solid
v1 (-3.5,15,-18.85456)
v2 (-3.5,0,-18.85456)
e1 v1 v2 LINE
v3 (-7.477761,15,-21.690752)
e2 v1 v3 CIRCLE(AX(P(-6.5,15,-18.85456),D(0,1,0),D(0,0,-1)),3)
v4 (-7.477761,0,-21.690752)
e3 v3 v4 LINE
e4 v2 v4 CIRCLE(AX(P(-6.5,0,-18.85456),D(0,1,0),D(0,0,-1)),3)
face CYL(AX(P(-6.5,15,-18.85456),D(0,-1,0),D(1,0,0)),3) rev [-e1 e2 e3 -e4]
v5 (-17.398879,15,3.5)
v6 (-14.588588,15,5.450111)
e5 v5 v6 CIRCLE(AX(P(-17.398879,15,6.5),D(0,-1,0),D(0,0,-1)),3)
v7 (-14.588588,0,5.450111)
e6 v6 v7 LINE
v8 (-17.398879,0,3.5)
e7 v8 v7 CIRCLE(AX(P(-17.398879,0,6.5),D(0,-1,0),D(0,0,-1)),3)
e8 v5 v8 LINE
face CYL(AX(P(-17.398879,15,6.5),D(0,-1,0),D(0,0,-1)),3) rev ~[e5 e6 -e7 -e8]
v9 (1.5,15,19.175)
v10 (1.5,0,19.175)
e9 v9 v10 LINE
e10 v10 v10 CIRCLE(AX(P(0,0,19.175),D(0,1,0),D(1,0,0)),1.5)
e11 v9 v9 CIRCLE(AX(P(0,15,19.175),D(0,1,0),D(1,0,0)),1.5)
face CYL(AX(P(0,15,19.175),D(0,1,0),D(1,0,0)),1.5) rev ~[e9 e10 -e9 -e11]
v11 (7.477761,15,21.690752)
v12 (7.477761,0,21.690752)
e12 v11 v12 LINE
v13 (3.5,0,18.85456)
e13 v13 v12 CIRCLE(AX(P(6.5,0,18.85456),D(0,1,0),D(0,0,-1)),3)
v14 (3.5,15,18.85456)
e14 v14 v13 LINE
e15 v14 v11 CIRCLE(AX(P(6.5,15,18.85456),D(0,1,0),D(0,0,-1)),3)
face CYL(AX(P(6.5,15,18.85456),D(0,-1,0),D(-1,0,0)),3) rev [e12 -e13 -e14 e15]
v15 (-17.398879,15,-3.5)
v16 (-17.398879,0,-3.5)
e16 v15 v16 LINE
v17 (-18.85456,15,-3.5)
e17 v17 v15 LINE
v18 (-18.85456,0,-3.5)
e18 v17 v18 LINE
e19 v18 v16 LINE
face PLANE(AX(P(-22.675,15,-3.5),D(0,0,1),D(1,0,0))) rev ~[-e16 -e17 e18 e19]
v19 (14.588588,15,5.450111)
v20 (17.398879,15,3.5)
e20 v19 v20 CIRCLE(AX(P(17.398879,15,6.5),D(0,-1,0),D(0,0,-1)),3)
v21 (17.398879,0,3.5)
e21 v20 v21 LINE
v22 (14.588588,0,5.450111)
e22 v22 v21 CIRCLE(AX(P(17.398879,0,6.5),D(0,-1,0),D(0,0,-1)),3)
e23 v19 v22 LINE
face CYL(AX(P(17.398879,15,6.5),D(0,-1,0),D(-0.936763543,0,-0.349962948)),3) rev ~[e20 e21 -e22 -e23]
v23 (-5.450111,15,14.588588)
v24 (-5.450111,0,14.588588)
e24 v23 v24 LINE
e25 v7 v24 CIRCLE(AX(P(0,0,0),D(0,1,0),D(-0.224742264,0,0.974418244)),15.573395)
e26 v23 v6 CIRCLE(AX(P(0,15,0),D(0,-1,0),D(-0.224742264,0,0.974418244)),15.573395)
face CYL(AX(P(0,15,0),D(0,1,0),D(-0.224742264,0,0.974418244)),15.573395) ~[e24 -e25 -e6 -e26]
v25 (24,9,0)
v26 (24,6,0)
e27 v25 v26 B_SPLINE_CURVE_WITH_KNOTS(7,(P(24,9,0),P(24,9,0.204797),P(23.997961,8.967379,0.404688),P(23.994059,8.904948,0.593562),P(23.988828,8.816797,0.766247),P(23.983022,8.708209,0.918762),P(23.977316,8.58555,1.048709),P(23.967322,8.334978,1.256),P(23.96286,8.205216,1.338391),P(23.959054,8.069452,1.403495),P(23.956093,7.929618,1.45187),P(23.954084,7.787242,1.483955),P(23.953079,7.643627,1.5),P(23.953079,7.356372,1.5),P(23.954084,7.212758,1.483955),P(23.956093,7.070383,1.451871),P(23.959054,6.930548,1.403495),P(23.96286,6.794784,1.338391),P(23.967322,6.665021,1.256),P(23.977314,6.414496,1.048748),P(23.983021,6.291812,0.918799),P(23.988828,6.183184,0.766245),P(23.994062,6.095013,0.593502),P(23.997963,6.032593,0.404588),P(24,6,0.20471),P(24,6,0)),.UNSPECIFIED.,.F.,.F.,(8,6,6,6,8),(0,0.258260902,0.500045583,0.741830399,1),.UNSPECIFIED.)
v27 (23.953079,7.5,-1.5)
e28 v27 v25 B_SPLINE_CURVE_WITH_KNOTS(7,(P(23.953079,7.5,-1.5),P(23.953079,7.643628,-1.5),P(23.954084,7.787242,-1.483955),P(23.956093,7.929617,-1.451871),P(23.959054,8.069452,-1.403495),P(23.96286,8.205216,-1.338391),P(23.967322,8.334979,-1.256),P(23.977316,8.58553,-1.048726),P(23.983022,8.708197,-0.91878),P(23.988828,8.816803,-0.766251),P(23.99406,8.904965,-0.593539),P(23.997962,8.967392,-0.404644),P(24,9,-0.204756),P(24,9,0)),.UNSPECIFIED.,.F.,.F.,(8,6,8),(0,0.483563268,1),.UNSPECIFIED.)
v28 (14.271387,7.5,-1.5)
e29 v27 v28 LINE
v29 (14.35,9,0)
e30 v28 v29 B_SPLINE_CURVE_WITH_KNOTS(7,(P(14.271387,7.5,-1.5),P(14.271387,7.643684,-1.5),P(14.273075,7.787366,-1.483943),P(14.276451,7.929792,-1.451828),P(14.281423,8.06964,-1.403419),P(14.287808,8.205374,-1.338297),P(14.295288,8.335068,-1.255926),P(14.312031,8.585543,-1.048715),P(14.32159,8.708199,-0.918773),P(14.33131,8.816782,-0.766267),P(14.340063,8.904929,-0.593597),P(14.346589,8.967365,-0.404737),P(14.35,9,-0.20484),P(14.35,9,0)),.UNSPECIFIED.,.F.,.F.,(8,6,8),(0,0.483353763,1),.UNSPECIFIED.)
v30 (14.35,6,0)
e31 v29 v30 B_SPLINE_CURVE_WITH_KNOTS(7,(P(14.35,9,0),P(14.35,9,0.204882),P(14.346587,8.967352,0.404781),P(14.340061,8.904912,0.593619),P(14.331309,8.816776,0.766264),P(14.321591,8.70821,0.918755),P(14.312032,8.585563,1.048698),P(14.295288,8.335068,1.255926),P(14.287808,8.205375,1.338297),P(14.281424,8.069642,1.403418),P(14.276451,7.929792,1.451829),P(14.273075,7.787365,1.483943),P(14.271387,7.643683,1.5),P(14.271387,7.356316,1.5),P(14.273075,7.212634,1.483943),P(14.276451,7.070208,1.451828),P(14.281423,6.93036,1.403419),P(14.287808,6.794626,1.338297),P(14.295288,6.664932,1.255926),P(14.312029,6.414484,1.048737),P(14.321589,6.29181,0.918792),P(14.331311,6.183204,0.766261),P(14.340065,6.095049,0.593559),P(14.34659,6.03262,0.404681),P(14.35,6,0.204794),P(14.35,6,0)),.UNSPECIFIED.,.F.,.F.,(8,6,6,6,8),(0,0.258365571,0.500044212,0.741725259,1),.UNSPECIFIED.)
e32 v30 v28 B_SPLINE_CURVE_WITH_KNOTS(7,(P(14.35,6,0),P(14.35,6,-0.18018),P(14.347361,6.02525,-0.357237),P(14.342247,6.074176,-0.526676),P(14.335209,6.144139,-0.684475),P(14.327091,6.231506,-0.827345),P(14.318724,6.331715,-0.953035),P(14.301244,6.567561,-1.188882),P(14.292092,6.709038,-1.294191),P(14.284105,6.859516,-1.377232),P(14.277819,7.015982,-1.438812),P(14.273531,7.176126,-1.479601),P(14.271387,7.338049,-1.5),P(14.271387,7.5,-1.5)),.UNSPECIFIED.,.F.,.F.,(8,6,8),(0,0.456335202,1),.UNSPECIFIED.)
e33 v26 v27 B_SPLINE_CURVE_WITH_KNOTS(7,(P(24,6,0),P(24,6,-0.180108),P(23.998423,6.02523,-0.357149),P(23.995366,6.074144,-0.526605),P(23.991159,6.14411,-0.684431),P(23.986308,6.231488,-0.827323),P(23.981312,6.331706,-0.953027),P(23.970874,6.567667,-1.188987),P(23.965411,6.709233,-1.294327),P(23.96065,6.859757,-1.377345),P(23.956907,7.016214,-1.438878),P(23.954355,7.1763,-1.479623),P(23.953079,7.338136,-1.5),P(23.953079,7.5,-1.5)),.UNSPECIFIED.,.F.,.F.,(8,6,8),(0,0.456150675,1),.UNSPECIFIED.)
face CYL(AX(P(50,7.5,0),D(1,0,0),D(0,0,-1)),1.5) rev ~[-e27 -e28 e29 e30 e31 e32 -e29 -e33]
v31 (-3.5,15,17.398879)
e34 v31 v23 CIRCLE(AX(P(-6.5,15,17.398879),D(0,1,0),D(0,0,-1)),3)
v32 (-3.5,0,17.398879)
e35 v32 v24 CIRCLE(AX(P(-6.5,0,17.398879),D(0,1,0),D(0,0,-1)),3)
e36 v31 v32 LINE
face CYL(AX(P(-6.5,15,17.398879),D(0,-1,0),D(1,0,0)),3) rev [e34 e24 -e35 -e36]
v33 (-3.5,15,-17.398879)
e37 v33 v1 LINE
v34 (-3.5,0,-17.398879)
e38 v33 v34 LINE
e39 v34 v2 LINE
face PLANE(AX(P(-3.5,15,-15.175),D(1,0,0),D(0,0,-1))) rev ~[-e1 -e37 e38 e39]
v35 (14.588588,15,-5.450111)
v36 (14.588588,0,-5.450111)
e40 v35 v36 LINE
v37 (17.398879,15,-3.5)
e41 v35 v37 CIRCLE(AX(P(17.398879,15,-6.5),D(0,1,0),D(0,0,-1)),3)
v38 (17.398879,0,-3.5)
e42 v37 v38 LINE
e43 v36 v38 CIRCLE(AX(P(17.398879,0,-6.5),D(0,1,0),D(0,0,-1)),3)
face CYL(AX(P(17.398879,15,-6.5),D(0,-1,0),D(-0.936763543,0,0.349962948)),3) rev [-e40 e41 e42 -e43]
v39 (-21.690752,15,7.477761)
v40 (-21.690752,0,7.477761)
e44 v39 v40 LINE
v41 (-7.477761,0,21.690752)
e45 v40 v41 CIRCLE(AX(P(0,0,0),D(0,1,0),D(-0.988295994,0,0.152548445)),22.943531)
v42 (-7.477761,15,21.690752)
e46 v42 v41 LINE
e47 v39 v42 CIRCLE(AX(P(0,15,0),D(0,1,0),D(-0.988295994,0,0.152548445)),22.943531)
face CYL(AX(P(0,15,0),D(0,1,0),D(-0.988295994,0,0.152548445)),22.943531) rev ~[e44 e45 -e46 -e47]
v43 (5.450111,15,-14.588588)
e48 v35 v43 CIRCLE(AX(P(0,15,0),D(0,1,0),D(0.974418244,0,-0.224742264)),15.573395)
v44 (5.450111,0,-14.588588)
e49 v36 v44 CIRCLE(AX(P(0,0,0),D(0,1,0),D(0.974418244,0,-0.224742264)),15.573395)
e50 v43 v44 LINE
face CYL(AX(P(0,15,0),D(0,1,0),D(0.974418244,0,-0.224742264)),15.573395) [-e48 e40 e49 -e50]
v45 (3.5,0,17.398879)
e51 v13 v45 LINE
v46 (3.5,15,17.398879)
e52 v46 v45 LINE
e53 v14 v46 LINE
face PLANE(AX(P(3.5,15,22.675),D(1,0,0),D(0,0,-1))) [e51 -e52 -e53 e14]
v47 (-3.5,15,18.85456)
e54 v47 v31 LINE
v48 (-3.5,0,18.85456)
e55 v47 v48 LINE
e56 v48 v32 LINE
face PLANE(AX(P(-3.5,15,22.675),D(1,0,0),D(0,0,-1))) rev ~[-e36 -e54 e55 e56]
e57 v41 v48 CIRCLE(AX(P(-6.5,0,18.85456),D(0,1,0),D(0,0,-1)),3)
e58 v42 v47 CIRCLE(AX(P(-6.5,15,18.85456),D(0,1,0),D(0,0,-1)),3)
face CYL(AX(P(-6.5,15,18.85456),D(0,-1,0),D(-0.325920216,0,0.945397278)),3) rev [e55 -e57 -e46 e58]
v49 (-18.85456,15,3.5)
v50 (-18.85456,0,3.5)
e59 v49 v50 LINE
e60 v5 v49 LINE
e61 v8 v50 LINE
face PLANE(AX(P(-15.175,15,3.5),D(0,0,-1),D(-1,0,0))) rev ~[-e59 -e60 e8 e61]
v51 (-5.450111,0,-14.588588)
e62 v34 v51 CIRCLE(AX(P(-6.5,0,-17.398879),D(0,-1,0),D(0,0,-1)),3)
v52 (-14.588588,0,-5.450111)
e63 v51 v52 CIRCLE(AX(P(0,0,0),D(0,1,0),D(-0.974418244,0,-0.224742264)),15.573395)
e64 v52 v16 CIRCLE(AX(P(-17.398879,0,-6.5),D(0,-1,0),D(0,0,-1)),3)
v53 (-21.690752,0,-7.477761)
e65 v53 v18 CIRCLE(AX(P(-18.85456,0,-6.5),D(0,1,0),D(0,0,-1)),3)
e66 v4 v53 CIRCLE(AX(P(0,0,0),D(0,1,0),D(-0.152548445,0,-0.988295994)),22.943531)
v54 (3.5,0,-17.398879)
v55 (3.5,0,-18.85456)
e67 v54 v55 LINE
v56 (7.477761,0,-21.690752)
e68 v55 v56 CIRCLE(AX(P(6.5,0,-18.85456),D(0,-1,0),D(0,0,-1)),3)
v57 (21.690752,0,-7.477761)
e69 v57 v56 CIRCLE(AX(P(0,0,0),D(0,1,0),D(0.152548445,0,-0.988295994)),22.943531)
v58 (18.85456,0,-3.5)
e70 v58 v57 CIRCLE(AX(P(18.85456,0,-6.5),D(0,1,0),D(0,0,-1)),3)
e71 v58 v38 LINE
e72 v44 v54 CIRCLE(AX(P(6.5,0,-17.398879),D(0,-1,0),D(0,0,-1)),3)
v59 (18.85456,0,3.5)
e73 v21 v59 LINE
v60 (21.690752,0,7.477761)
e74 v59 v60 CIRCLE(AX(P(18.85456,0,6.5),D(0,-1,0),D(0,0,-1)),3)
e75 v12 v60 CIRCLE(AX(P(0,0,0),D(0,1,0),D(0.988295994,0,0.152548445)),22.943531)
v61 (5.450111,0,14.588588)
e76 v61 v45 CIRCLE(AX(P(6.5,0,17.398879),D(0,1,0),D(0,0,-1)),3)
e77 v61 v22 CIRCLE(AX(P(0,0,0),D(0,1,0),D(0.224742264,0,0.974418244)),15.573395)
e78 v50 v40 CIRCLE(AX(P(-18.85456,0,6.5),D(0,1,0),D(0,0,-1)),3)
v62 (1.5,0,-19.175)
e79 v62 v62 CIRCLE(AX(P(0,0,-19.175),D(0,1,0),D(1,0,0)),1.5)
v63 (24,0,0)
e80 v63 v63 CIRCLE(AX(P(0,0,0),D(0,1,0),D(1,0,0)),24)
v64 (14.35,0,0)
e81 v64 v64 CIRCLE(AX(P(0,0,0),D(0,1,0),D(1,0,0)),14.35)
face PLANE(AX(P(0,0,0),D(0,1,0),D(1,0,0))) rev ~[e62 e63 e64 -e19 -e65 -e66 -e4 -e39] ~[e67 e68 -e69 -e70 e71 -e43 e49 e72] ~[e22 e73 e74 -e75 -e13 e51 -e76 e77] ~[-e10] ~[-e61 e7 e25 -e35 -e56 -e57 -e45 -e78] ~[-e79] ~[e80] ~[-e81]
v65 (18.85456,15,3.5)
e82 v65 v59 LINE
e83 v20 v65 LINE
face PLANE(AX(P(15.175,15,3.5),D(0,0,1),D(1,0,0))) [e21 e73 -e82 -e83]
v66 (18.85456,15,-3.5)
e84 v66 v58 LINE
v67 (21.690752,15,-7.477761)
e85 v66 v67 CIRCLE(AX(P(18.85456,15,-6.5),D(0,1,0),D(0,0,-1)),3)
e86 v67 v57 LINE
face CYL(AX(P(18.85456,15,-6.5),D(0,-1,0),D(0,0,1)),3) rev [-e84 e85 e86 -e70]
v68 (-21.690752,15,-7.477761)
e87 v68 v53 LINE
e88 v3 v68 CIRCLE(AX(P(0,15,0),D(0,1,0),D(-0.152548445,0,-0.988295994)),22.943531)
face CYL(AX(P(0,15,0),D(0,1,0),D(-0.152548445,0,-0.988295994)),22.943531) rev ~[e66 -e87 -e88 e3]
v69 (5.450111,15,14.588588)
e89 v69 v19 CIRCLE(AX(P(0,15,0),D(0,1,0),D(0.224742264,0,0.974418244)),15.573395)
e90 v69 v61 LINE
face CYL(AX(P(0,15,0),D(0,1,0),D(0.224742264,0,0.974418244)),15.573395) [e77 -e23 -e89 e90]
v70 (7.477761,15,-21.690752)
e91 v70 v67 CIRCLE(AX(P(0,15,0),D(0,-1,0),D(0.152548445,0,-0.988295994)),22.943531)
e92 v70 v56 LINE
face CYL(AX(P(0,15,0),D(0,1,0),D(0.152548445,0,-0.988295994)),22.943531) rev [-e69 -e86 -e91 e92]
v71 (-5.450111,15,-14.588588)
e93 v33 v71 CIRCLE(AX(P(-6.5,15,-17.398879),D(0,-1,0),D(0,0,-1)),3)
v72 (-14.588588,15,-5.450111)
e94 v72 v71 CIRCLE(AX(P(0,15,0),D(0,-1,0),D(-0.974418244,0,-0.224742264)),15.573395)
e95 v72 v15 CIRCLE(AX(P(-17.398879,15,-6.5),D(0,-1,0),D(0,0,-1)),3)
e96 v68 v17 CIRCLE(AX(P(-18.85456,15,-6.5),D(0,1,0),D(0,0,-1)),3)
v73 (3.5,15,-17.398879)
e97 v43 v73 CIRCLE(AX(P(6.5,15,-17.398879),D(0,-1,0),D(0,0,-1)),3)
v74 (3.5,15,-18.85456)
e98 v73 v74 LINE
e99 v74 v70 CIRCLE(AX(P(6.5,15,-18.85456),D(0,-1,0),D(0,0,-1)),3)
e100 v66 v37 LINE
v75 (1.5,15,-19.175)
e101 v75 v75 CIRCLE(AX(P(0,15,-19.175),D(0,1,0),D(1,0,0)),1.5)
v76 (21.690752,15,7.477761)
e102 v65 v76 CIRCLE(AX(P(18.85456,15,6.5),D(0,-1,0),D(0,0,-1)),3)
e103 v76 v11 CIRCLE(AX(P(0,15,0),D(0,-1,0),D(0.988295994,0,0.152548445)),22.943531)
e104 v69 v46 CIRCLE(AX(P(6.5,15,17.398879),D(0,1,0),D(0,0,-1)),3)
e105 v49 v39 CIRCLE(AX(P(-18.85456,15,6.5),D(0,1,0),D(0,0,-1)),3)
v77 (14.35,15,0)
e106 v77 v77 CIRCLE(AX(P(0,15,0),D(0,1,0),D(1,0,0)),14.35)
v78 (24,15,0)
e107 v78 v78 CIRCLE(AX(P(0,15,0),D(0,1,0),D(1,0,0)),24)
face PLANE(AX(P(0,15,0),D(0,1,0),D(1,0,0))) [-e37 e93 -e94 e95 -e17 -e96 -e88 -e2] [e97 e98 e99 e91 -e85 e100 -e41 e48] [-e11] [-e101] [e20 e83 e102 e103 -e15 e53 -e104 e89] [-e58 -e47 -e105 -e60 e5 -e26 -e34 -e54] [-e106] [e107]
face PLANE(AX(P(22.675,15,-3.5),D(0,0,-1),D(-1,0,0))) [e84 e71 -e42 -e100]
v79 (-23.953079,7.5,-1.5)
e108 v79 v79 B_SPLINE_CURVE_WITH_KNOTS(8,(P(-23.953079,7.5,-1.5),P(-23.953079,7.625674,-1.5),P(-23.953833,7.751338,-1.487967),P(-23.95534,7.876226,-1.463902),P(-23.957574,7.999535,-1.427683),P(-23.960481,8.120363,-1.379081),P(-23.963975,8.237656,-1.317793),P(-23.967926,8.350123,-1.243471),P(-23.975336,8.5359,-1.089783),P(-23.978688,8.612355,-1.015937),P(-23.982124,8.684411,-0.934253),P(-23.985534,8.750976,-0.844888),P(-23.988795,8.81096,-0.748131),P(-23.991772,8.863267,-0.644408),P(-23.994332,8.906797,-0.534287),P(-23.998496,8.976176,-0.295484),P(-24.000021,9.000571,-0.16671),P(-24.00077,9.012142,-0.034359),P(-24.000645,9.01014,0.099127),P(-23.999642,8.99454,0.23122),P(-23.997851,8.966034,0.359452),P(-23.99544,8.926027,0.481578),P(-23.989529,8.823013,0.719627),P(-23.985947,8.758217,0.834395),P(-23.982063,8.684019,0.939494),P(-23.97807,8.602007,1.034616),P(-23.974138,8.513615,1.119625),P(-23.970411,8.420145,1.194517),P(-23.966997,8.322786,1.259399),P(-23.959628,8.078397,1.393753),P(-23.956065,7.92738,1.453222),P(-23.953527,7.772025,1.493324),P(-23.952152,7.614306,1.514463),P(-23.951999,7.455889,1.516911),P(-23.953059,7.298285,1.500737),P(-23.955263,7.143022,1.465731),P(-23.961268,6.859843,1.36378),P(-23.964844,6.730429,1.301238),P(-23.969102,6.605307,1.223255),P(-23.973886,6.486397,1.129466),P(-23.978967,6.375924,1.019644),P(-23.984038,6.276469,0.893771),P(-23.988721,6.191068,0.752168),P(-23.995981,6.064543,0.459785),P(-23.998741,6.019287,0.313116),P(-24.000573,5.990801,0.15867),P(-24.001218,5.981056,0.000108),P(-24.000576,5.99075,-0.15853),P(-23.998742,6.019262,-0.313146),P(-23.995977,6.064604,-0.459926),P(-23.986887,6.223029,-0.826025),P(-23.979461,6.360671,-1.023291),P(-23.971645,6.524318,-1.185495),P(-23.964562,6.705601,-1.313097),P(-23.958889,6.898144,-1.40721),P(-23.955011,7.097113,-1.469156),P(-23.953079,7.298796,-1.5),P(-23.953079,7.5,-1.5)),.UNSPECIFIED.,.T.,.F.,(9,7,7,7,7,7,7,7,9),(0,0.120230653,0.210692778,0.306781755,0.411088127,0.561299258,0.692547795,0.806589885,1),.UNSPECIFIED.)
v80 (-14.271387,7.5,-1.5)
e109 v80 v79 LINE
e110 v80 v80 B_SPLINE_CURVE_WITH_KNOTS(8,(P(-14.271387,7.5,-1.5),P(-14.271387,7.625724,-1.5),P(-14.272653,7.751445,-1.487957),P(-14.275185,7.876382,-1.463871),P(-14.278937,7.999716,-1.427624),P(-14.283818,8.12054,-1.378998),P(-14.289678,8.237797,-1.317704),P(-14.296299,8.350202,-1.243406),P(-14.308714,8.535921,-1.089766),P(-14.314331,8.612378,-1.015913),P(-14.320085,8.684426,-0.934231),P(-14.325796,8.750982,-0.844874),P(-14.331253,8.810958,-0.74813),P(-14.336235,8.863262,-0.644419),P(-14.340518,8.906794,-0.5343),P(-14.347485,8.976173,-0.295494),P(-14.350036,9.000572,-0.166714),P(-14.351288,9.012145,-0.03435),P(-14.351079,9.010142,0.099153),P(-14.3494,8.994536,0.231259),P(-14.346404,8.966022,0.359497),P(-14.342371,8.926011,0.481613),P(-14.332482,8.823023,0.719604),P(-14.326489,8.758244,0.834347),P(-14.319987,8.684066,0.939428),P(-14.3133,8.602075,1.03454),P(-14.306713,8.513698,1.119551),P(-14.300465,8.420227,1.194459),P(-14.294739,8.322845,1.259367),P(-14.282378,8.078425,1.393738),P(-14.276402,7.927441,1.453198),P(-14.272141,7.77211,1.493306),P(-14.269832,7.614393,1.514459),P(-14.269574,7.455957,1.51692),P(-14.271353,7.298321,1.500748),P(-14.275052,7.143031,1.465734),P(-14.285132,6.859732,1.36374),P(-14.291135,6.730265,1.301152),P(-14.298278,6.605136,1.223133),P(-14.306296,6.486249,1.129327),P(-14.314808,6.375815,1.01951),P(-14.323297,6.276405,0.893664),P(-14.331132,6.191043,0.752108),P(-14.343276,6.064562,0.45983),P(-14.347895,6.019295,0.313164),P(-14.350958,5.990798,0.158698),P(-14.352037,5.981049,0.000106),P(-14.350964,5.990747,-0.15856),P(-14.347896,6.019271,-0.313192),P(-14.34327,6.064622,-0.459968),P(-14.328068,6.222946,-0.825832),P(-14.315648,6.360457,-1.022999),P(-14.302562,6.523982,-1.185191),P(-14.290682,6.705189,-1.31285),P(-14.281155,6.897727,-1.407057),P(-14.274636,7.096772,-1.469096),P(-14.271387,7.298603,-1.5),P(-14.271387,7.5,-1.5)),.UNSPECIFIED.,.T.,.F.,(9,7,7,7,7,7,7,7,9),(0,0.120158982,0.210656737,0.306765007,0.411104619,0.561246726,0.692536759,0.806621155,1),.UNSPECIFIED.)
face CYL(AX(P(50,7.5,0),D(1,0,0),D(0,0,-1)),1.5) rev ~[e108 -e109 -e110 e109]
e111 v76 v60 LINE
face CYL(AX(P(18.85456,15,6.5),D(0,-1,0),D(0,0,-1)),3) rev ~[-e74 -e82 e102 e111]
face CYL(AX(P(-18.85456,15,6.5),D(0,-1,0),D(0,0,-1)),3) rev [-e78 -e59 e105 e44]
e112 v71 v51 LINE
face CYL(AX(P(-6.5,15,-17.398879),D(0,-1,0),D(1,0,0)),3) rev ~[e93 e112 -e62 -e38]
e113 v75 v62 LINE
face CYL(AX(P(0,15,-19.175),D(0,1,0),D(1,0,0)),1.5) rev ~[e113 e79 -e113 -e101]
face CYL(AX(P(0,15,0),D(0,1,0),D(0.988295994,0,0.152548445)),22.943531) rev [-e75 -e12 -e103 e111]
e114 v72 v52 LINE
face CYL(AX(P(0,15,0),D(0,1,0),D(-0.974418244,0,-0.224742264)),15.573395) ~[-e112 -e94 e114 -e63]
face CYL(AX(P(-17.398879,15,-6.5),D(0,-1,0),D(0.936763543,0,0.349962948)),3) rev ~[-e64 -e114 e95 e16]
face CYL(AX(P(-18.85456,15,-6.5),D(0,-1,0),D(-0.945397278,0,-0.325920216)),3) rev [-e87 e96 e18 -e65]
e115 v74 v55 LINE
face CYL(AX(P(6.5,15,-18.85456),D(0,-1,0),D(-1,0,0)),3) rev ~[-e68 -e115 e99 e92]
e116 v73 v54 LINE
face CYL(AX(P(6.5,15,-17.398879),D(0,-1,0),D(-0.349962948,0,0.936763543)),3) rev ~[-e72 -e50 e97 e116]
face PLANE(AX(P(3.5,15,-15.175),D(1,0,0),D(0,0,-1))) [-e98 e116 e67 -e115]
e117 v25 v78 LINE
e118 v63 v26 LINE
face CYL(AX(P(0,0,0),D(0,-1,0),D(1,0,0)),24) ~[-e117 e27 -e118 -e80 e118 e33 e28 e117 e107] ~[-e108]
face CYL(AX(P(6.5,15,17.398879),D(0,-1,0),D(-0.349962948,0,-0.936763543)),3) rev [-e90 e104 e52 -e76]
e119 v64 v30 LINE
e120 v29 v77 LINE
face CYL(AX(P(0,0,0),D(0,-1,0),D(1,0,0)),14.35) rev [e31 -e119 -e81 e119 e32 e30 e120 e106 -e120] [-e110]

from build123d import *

# Parameters (mm, degrees)
SKETCH3_R           = 24
SKETCH3_R_2         = 14.35
BOSS_EXTRUDE1_DEPTH = 15
CUT_EXTRUDE2_START  = 50
SKETCH4_R           = 1.5
CUT_EXTRUDE2_DEPTH  = 100
SKETCH5_R           = 1.5
CUT_EXTRUDE3_DEPTH  = 100
CUT_EXTRUDE6_DEPTH  = 26
CUT_EXTRUDE7_DEPTH  = 26
CUT_EXTRUDE8_DEPTH  = 26
CUT_EXTRUDE9_DEPTH  = 26
FILLET5_R           = 3


with BuildPart() as part:
    # Sketch3 → Boss-Extrude1 (new body)
    with BuildSketch(Plane(origin=(0, 0, 0), x_dir=(1, 0, 0), z_dir=(0, 1, 0))):
        Circle(SKETCH3_R)
        Circle(SKETCH3_R_2, mode=Mode.SUBTRACT)
    extrude(amount=BOSS_EXTRUDE1_DEPTH)

    # Sketch4 → Cut-Extrude2 (cut)
    with BuildSketch(Plane(origin=(0, 0, 0), x_dir=(0, 0, -1), z_dir=(1, 0, 0)).offset(CUT_EXTRUDE2_START)):
        with Locations((0, 7.5)):
            Circle(SKETCH4_R)
    extrude(amount=-CUT_EXTRUDE2_DEPTH, mode=Mode.SUBTRACT)

    # Sketch5 → Cut-Extrude3 (cut)
    with BuildSketch(Plane(origin=(0, 15, 0), x_dir=(1, 0, 0), z_dir=(0, 1, 0))):
        with Locations((0, 19.175)):
            Circle(SKETCH5_R)
        with Locations((0, -19.175)):
            Circle(SKETCH5_R)
    extrude(amount=-CUT_EXTRUDE3_DEPTH, mode=Mode.SUBTRACT)

    # Sketch7 → Cut-Extrude6 (cut)
    with BuildSketch(Plane(origin=(0, 15, 0), x_dir=(1, 0, 0), z_dir=(0, 1, 0))):
        with BuildLine():
            Line((3.5, 15.175), (3.5, 22.675))
            ThreePointArc((3.5, 22.675), (16.223526512, 16.223526512), (22.675, 3.5))
            Line((22.675, 3.5), (15.175, 3.5))
            ThreePointArc((15.175, 3.5), (11.012053056, 11.012053056), (3.5, 15.175))
        make_face()
    extrude(amount=-CUT_EXTRUDE6_DEPTH, mode=Mode.SUBTRACT)

    # Sketch9 → Cut-Extrude7 (cut)
    with BuildSketch(Plane(origin=(0, 15, 0), x_dir=(1, 0, 0), z_dir=(0, 1, 0))):
        with BuildLine():
            Line((15.175, -3.5), (22.675, -3.5))
            ThreePointArc((22.675, -3.5), (16.223526512, -16.223526512), (3.5, -22.675))
            Line((3.5, -22.675), (3.5, -15.175))
            ThreePointArc((3.5, -15.175), (11.012053056, -11.012053056), (15.175, -3.5))
        make_face()
    extrude(amount=-CUT_EXTRUDE7_DEPTH, mode=Mode.SUBTRACT)

    # Sketch10 → Cut-Extrude8 (cut)
    with BuildSketch(Plane(origin=(0, 15, 0), x_dir=(1, 0, 0), z_dir=(0, 1, 0))):
        with BuildLine():
            Line((-3.5, 15.175), (-3.5, 22.675))
            ThreePointArc((-3.5, 22.675), (-16.223526512, 16.223526512), (-22.675, 3.5))
            Line((-22.675, 3.5), (-15.175, 3.5))
            ThreePointArc((-15.175, 3.5), (-11.012053056, 11.012053056), (-3.5, 15.175))
        make_face()
    extrude(amount=-CUT_EXTRUDE8_DEPTH, mode=Mode.SUBTRACT)

    # Sketch11 → Cut-Extrude9 (cut)
    with BuildSketch(Plane(origin=(0, 15, 0), x_dir=(1, 0, 0), z_dir=(0, 1, 0))):
        with BuildLine():
            Line((-15.175, -3.5), (-22.675, -3.5))
            ThreePointArc((-22.675, -3.5), (-16.223526512, -16.223526512), (-3.5, -22.675))
            Line((-3.5, -22.675), (-3.5, -15.175))
            ThreePointArc((-3.5, -15.175), (-11.012053056, -11.012053056), (-15.175, -3.5))
        make_face()
    extrude(amount=-CUT_EXTRUDE9_DEPTH, mode=Mode.SUBTRACT)

    # Fillet5
    fillet5_edges = [part.edges().sort_by_distance(p)[0] for p in [
        (-3.5, 7.5, 22.675),
        (-22.675, 7.5, 3.5),
        (-15.175, 7.5, 3.5),
        (-3.5, 7.5, 15.175),
        (3.5, 7.5, -22.675),
        (22.675, 7.5, -3.5),
        (15.175, 7.5, -3.5),
        (3.5, 7.5, -15.175),
        (3.5, 7.5, 15.175),
        (15.175, 7.5, 3.5),
        (22.675, 7.5, 3.5),
        (3.5, 7.5, 22.675),
        (-3.5, 7.5, -15.175),
        (-15.175, 7.5, -3.5),
        (-22.675, 7.5, -3.5),
        (-3.5, 7.5, -22.675),
    ]]
    fillet(fillet5_edges, radius=FILLET5_R)


solid = part.part
